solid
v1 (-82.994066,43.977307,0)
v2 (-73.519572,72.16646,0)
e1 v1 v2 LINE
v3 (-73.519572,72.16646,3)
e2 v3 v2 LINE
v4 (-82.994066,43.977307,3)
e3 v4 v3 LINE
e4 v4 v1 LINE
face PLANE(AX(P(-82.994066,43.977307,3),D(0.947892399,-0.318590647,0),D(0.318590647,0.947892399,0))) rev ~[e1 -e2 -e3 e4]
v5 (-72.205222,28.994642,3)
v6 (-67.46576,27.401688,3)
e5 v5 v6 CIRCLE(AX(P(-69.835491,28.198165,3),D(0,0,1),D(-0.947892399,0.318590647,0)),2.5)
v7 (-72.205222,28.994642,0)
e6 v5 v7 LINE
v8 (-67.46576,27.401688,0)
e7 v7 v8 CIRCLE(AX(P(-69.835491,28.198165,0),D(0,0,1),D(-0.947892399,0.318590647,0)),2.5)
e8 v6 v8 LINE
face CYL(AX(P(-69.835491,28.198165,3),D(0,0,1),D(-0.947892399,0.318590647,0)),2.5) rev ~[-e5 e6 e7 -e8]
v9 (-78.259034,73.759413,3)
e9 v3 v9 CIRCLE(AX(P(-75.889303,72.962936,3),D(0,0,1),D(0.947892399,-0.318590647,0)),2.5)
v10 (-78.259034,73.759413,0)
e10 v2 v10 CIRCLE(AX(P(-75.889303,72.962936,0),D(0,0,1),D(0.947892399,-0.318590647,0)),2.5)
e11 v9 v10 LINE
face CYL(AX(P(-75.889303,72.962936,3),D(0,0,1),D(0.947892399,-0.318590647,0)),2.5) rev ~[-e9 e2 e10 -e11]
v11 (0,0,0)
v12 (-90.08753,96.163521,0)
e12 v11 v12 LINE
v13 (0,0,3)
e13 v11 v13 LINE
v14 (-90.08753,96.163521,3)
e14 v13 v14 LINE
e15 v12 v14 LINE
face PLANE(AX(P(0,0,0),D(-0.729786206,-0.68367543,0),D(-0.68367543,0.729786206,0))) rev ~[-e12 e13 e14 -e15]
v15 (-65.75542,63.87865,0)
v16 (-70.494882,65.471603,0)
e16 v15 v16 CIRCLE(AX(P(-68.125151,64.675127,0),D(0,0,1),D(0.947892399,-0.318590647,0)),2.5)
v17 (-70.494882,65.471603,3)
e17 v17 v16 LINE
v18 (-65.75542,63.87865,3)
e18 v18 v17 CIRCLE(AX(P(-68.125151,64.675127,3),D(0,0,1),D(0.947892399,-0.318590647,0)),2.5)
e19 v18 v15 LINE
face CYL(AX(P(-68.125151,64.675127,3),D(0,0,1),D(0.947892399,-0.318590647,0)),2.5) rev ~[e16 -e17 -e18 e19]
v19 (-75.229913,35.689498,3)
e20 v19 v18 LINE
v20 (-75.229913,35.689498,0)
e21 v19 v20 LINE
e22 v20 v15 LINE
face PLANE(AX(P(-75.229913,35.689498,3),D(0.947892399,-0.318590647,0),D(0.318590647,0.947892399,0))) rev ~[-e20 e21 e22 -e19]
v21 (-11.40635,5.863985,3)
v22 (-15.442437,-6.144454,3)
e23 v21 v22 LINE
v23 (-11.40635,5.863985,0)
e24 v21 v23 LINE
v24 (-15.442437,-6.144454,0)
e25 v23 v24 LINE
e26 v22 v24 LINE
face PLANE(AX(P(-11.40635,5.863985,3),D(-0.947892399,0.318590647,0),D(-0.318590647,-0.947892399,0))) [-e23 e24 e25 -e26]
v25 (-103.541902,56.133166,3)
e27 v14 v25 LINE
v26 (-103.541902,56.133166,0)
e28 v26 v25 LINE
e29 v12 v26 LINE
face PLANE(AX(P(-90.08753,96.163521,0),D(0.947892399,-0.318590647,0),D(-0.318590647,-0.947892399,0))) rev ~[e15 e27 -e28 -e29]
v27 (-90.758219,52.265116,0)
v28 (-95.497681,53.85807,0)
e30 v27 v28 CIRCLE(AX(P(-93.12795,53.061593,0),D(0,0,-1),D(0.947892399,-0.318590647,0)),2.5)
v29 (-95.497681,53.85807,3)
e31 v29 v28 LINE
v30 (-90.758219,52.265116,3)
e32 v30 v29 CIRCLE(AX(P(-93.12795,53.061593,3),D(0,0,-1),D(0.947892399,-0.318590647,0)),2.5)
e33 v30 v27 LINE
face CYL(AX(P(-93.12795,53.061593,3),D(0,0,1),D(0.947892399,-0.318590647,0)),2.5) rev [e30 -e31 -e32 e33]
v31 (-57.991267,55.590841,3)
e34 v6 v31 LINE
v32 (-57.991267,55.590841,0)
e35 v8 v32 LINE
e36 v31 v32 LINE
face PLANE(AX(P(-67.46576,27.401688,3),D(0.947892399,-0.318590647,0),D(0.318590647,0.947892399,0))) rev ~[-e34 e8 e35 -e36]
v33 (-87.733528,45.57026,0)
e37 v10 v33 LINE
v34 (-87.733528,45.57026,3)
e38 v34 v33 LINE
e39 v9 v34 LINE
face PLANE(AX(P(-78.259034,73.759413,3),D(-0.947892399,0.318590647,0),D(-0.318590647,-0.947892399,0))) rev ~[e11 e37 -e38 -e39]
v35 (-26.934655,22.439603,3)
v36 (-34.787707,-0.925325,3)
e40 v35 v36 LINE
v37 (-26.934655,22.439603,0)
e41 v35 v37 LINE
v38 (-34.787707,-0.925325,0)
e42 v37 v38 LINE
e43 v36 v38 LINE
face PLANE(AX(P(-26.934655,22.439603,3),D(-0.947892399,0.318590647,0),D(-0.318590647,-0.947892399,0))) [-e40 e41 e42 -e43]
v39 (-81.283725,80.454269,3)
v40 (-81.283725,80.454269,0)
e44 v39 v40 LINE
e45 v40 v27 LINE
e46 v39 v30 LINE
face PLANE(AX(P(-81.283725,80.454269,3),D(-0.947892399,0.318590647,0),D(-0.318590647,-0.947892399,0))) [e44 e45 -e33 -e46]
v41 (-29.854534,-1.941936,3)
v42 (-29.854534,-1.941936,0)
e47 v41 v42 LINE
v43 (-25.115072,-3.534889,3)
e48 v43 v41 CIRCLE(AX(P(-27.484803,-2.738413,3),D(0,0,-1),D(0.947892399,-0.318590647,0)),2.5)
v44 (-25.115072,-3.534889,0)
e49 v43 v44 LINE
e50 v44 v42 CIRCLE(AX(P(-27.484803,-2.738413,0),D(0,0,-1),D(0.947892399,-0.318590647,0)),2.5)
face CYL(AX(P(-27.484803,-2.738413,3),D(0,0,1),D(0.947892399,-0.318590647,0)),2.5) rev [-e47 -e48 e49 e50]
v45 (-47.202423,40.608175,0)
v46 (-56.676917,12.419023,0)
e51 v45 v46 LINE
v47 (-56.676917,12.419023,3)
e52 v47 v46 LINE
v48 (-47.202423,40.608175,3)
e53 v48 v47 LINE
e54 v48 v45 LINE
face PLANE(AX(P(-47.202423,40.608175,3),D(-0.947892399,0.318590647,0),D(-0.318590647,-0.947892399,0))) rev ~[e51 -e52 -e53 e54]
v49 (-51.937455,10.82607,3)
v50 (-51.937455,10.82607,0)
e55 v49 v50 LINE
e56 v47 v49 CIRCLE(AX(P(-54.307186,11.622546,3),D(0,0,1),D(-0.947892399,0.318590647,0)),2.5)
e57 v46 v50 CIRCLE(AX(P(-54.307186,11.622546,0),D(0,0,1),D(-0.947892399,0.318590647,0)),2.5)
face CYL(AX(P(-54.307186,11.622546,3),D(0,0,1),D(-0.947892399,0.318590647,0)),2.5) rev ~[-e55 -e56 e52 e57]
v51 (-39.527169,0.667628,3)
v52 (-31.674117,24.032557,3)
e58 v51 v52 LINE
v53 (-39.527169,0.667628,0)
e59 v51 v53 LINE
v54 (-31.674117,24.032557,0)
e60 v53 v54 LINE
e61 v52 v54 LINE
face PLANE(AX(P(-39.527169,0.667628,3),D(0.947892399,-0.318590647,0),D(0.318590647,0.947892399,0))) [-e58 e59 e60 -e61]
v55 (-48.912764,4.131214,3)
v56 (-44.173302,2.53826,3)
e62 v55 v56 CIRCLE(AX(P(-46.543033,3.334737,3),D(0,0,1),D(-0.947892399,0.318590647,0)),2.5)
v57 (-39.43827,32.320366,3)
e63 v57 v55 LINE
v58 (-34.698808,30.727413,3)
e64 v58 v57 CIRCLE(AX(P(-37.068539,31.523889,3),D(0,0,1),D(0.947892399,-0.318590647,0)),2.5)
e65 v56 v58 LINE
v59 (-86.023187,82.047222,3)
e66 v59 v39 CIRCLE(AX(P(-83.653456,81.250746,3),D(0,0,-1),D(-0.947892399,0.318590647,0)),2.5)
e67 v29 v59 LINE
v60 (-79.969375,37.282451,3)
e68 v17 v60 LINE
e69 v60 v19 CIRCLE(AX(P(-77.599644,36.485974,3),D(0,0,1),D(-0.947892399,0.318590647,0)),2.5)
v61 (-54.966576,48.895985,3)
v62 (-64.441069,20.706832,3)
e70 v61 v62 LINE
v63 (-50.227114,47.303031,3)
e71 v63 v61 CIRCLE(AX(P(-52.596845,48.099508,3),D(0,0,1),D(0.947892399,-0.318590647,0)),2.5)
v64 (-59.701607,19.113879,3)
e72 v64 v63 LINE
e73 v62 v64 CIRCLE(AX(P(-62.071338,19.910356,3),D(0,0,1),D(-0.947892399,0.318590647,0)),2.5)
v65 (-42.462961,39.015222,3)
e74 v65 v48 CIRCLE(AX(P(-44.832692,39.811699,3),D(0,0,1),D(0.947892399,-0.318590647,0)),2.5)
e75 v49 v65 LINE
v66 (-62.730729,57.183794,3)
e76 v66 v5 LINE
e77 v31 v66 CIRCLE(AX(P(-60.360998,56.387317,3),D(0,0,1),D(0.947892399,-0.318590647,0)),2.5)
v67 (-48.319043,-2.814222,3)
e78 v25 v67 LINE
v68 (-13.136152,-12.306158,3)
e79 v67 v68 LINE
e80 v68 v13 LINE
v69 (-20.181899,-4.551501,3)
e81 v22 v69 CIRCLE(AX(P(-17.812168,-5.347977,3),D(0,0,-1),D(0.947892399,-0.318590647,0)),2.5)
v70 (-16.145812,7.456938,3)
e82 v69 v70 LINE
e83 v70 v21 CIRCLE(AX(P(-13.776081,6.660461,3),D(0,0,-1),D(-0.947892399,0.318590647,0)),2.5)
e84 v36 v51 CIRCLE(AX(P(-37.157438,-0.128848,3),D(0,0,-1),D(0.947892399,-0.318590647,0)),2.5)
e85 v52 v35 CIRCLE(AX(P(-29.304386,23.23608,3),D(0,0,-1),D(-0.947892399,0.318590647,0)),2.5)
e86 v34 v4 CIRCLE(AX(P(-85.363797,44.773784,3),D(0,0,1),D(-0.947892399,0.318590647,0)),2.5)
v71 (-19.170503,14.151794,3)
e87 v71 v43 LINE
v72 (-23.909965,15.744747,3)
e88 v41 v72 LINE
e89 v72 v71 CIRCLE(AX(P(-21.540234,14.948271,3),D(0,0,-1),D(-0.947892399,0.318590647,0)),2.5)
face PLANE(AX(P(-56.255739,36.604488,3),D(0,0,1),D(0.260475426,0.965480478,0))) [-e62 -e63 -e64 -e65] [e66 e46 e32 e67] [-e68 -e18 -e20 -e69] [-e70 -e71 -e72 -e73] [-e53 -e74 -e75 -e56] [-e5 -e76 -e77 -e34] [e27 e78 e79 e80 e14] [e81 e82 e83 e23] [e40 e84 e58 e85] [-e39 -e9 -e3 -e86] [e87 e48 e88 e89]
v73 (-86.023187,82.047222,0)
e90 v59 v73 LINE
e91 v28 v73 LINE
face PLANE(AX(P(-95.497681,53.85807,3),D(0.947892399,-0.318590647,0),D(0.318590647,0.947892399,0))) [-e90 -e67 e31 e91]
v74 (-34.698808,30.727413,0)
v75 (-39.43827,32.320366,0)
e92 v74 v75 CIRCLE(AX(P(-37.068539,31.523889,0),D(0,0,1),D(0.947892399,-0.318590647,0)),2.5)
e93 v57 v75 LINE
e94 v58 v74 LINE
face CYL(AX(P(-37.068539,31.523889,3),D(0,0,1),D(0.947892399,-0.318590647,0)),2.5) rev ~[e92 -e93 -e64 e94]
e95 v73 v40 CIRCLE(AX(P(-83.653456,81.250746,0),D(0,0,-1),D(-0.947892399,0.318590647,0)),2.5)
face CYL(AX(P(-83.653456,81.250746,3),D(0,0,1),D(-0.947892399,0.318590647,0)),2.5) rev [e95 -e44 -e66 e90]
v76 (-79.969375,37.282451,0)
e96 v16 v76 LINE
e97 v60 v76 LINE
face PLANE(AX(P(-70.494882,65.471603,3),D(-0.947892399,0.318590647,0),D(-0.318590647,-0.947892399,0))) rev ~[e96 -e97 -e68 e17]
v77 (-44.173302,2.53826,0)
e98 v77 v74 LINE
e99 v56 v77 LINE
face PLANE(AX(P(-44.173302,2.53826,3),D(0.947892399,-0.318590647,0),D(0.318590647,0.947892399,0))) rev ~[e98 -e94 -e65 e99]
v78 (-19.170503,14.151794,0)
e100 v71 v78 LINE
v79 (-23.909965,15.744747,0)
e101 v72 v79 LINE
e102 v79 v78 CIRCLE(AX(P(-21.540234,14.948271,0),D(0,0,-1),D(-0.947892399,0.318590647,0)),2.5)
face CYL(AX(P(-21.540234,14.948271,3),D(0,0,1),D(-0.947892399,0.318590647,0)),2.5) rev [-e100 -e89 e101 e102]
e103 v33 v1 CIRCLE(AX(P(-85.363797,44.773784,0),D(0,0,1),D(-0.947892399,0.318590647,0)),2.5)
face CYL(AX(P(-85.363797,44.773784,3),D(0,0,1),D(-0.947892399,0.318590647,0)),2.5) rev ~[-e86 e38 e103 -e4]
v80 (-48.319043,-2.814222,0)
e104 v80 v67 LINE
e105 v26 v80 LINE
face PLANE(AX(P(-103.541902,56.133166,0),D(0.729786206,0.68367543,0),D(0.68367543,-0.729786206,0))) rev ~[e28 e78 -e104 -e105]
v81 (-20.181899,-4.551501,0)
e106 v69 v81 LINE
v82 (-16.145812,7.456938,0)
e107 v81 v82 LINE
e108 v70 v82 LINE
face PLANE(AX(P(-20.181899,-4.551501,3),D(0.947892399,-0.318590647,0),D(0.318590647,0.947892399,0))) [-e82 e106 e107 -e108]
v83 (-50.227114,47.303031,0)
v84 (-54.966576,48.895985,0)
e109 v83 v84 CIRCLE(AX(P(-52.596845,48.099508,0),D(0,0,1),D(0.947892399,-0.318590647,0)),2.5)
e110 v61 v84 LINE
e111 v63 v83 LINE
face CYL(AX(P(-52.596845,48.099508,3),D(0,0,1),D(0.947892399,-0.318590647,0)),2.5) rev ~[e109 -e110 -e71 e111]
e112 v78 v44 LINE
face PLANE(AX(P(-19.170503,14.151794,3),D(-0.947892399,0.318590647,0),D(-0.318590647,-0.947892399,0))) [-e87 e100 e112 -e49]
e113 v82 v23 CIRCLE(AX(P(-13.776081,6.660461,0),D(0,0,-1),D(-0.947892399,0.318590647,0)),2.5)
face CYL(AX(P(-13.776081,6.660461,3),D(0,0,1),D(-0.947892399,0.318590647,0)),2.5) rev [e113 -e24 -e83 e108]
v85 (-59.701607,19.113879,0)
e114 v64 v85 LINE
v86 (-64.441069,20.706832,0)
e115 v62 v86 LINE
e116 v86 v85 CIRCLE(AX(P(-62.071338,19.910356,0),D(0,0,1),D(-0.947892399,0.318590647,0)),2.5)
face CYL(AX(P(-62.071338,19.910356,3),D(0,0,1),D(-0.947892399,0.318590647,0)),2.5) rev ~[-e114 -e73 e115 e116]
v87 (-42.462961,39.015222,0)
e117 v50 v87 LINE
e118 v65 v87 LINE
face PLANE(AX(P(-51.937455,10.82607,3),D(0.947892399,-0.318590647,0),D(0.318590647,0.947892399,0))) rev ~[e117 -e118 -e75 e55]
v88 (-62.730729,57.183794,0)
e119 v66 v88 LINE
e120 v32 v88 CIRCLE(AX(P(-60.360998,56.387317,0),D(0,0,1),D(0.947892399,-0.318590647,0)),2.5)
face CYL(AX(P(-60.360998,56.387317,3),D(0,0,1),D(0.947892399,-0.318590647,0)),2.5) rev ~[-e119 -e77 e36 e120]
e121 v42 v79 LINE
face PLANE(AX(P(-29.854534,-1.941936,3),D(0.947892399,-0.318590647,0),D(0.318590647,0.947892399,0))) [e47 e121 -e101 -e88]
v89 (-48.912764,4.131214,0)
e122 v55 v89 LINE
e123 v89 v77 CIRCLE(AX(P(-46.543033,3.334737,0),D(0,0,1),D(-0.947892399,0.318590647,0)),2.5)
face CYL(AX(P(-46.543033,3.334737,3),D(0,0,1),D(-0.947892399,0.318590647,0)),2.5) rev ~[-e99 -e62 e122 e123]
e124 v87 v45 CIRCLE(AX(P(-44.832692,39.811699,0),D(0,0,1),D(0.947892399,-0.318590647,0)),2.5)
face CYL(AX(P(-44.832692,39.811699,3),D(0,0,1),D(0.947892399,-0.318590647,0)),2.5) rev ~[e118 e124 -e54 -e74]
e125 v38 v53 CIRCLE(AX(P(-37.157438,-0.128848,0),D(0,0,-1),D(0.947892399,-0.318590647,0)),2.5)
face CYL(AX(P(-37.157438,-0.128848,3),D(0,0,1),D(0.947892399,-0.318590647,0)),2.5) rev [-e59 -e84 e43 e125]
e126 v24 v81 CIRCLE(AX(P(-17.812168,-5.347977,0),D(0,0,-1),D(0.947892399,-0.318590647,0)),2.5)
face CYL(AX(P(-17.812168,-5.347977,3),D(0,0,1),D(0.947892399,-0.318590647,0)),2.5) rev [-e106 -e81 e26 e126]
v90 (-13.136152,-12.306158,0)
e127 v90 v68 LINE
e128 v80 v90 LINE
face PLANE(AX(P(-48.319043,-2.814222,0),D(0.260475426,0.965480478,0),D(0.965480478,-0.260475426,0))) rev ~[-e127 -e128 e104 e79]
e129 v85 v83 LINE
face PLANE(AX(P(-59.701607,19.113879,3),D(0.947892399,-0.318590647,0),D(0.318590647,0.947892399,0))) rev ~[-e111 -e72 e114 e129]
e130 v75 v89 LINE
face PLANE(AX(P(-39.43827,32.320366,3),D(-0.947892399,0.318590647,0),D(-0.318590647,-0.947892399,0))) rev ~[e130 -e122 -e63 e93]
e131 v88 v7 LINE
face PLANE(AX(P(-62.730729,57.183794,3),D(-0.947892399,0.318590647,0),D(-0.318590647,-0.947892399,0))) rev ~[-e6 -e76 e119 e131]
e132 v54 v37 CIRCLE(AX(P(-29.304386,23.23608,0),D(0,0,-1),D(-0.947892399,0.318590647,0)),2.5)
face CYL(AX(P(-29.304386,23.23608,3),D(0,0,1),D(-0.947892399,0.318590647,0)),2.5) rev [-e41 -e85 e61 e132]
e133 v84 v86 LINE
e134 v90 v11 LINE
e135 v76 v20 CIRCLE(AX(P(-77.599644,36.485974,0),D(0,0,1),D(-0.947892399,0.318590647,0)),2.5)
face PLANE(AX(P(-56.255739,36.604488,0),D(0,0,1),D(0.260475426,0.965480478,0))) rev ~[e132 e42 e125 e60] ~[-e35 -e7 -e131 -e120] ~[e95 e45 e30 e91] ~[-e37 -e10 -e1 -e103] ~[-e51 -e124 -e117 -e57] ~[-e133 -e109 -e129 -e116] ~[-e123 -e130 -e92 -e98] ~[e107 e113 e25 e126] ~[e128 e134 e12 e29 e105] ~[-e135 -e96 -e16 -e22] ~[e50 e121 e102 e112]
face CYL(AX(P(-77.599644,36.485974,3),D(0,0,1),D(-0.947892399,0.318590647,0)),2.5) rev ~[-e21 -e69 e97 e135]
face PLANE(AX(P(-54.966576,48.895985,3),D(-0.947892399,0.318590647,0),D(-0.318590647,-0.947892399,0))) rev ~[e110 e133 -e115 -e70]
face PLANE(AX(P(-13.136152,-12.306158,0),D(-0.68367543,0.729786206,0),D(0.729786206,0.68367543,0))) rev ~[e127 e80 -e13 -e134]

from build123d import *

# Parameters (mm, degrees)
BOSS_EXTRUDE1_DEPTH = 3
CUT_EXTRUDE1_DEPTH  = 3


with BuildPart() as part:
    # Sketch1 → Boss-Extrude1 (new body)
    with BuildSketch(Plane(origin=(766.479324321, -257.616944778, 0), x_dir=(0.26047542598858736, 0.9654804775116191, 0), z_dir=(0, 0, 1))):
        Polygon((33.772102577, 853.041764539), (33.772102577, 816.600953816), (49.075102345, 807.123707481), (118.453517154, 919.149693533), (76.300457153, 921.712703038), align=None)
    extrude(amount=BOSS_EXTRUDE1_DEPTH)

    # Sketch2 → Cut-Extrude1 (cut)
    with BuildSketch(Plane(origin=(0, 0, 3), x_dir=(0.26047542598858736, 0.965480477511619, 0), z_dir=(0, 0, 1))):
        with BuildLine():
            Line((20.841316823, 91.584158174), (50.525265903, 89.779301217))
            ThreePointArc((50.525265903, 89.779301217), (53.172383437, 92.122966884), (50.82871777, 94.770084418))
            Line((50.82871777, 94.770084418), (21.144768691, 96.574941376))
            ThreePointArc((21.144768691, 96.574941376), (18.497651156, 94.231275709), (20.841316823, 91.584158174))
        make_face()
        with BuildLine():
            Line((14.861969696, 81.929249515), (44.545918775, 80.124392558))
            ThreePointArc((44.545918775, 80.124392558), (47.19303631, 82.468058225), (44.849370643, 85.115175759))
            Line((44.849370643, 85.115175759), (15.165421563, 86.920032717))
            ThreePointArc((15.165421563, 86.920032717), (12.518304029, 84.57636705), (14.861969696, 81.929249515))
        make_face()
        with BuildLine():
            Line((27.124115818, 106.229850035), (56.808064898, 104.424993077))
            ThreePointArc((56.808064898, 104.424993077), (59.151730565, 101.777875543), (56.50461303, 99.434209876))
            Line((56.50461303, 99.434209876), (26.82066395, 101.239066833))
            ThreePointArc((26.82066395, 101.239066833), (24.476998283, 103.886184368), (27.124115818, 106.229850035))
        make_face()
        with BuildLine():
            Line((8.882622568, 72.274340856), (38.566571648, 70.469483899))
            ThreePointArc((38.566571648, 70.469483899), (41.213689182, 72.813149566), (38.870023515, 75.4602671))
            Line((38.870023515, 75.4602671), (9.186074436, 77.265124058))
            ThreePointArc((9.186074436, 77.265124058), (6.538956901, 74.921458391), (8.882622568, 72.274340856))
        make_face()
        with BuildLine():
            Line((2.903275441, 62.619432197), (32.58722452, 60.814575239))
            ThreePointArc((32.58722452, 60.814575239), (35.234342055, 63.158240906), (32.890676388, 65.805358441))
            Line((32.890676388, 65.805358441), (3.206727308, 67.610215399))
            ThreePointArc((3.206727308, 67.610215399), (0.559609774, 65.266549732), (2.903275441, 62.619432197))
        make_face()
        with BuildLine():
            Line((-3.076071687, 52.964523538), (26.607877393, 51.15966658))
            ThreePointArc((26.607877393, 51.15966658), (29.254994927, 53.503332247), (26.911329261, 56.150449782))
            Line((26.911329261, 56.150449782), (-2.772619819, 57.95530674))
            ThreePointArc((-2.772619819, 57.95530674), (-5.419737354, 55.611641073), (-3.076071687, 52.964523538))
        make_face()
        with BuildLine():
            Line((-9.055418814, 43.309614879), (20.628530266, 41.504757921))
            ThreePointArc((20.628530266, 41.504757921), (23.2756478, 43.848423588), (20.931982133, 46.495541123))
            Line((20.931982133, 46.495541123), (-8.751966947, 48.30039808))
            ThreePointArc((-8.751966947, 48.30039808), (-11.399084481, 45.956732414), (-9.055418814, 43.309614879))
        make_face()
        with BuildLine():
            Line((-9.651273834, 38.336610507), (14.952635006, 36.840632464))
            ThreePointArc((14.952635006, 36.840632464), (17.296300673, 34.193514929), (14.649183138, 31.849849262))
            Line((14.649183138, 31.849849262), (-9.954725702, 33.345827305))
            ThreePointArc((-9.954725702, 33.345827305), (-12.298391369, 35.99294484), (-9.651273834, 38.336610507))
        make_face()
        with BuildLine():
            Line((-9.651273834, 28.318142867), (8.973287878, 27.185723805))
            ThreePointArc((8.973287878, 27.185723805), (11.316953545, 24.53860627), (8.669836011, 22.194940603))
            Line((8.669836011, 22.194940603), (-9.954725702, 23.327359666))
            ThreePointArc((-9.954725702, 23.327359666), (-12.298391369, 25.9744772), (-9.651273834, 28.318142867))
        make_face()
        with BuildLine():
            Line((-9.651273834, 18.299675228), (2.993940751, 17.530815146))
            ThreePointArc((2.993940751, 17.530815146), (5.337606418, 14.883697611), (2.690488883, 12.540031944))
            Line((2.690488883, 12.540031944), (-9.954725702, 13.308892026))
            ThreePointArc((-9.954725702, 13.308892026), (-12.298391369, 15.956009561), (-9.651273834, 18.299675228))
        make_face()
    extrude(amount=-CUT_EXTRUDE1_DEPTH, mode=Mode.SUBTRACT)


solid = part.part
